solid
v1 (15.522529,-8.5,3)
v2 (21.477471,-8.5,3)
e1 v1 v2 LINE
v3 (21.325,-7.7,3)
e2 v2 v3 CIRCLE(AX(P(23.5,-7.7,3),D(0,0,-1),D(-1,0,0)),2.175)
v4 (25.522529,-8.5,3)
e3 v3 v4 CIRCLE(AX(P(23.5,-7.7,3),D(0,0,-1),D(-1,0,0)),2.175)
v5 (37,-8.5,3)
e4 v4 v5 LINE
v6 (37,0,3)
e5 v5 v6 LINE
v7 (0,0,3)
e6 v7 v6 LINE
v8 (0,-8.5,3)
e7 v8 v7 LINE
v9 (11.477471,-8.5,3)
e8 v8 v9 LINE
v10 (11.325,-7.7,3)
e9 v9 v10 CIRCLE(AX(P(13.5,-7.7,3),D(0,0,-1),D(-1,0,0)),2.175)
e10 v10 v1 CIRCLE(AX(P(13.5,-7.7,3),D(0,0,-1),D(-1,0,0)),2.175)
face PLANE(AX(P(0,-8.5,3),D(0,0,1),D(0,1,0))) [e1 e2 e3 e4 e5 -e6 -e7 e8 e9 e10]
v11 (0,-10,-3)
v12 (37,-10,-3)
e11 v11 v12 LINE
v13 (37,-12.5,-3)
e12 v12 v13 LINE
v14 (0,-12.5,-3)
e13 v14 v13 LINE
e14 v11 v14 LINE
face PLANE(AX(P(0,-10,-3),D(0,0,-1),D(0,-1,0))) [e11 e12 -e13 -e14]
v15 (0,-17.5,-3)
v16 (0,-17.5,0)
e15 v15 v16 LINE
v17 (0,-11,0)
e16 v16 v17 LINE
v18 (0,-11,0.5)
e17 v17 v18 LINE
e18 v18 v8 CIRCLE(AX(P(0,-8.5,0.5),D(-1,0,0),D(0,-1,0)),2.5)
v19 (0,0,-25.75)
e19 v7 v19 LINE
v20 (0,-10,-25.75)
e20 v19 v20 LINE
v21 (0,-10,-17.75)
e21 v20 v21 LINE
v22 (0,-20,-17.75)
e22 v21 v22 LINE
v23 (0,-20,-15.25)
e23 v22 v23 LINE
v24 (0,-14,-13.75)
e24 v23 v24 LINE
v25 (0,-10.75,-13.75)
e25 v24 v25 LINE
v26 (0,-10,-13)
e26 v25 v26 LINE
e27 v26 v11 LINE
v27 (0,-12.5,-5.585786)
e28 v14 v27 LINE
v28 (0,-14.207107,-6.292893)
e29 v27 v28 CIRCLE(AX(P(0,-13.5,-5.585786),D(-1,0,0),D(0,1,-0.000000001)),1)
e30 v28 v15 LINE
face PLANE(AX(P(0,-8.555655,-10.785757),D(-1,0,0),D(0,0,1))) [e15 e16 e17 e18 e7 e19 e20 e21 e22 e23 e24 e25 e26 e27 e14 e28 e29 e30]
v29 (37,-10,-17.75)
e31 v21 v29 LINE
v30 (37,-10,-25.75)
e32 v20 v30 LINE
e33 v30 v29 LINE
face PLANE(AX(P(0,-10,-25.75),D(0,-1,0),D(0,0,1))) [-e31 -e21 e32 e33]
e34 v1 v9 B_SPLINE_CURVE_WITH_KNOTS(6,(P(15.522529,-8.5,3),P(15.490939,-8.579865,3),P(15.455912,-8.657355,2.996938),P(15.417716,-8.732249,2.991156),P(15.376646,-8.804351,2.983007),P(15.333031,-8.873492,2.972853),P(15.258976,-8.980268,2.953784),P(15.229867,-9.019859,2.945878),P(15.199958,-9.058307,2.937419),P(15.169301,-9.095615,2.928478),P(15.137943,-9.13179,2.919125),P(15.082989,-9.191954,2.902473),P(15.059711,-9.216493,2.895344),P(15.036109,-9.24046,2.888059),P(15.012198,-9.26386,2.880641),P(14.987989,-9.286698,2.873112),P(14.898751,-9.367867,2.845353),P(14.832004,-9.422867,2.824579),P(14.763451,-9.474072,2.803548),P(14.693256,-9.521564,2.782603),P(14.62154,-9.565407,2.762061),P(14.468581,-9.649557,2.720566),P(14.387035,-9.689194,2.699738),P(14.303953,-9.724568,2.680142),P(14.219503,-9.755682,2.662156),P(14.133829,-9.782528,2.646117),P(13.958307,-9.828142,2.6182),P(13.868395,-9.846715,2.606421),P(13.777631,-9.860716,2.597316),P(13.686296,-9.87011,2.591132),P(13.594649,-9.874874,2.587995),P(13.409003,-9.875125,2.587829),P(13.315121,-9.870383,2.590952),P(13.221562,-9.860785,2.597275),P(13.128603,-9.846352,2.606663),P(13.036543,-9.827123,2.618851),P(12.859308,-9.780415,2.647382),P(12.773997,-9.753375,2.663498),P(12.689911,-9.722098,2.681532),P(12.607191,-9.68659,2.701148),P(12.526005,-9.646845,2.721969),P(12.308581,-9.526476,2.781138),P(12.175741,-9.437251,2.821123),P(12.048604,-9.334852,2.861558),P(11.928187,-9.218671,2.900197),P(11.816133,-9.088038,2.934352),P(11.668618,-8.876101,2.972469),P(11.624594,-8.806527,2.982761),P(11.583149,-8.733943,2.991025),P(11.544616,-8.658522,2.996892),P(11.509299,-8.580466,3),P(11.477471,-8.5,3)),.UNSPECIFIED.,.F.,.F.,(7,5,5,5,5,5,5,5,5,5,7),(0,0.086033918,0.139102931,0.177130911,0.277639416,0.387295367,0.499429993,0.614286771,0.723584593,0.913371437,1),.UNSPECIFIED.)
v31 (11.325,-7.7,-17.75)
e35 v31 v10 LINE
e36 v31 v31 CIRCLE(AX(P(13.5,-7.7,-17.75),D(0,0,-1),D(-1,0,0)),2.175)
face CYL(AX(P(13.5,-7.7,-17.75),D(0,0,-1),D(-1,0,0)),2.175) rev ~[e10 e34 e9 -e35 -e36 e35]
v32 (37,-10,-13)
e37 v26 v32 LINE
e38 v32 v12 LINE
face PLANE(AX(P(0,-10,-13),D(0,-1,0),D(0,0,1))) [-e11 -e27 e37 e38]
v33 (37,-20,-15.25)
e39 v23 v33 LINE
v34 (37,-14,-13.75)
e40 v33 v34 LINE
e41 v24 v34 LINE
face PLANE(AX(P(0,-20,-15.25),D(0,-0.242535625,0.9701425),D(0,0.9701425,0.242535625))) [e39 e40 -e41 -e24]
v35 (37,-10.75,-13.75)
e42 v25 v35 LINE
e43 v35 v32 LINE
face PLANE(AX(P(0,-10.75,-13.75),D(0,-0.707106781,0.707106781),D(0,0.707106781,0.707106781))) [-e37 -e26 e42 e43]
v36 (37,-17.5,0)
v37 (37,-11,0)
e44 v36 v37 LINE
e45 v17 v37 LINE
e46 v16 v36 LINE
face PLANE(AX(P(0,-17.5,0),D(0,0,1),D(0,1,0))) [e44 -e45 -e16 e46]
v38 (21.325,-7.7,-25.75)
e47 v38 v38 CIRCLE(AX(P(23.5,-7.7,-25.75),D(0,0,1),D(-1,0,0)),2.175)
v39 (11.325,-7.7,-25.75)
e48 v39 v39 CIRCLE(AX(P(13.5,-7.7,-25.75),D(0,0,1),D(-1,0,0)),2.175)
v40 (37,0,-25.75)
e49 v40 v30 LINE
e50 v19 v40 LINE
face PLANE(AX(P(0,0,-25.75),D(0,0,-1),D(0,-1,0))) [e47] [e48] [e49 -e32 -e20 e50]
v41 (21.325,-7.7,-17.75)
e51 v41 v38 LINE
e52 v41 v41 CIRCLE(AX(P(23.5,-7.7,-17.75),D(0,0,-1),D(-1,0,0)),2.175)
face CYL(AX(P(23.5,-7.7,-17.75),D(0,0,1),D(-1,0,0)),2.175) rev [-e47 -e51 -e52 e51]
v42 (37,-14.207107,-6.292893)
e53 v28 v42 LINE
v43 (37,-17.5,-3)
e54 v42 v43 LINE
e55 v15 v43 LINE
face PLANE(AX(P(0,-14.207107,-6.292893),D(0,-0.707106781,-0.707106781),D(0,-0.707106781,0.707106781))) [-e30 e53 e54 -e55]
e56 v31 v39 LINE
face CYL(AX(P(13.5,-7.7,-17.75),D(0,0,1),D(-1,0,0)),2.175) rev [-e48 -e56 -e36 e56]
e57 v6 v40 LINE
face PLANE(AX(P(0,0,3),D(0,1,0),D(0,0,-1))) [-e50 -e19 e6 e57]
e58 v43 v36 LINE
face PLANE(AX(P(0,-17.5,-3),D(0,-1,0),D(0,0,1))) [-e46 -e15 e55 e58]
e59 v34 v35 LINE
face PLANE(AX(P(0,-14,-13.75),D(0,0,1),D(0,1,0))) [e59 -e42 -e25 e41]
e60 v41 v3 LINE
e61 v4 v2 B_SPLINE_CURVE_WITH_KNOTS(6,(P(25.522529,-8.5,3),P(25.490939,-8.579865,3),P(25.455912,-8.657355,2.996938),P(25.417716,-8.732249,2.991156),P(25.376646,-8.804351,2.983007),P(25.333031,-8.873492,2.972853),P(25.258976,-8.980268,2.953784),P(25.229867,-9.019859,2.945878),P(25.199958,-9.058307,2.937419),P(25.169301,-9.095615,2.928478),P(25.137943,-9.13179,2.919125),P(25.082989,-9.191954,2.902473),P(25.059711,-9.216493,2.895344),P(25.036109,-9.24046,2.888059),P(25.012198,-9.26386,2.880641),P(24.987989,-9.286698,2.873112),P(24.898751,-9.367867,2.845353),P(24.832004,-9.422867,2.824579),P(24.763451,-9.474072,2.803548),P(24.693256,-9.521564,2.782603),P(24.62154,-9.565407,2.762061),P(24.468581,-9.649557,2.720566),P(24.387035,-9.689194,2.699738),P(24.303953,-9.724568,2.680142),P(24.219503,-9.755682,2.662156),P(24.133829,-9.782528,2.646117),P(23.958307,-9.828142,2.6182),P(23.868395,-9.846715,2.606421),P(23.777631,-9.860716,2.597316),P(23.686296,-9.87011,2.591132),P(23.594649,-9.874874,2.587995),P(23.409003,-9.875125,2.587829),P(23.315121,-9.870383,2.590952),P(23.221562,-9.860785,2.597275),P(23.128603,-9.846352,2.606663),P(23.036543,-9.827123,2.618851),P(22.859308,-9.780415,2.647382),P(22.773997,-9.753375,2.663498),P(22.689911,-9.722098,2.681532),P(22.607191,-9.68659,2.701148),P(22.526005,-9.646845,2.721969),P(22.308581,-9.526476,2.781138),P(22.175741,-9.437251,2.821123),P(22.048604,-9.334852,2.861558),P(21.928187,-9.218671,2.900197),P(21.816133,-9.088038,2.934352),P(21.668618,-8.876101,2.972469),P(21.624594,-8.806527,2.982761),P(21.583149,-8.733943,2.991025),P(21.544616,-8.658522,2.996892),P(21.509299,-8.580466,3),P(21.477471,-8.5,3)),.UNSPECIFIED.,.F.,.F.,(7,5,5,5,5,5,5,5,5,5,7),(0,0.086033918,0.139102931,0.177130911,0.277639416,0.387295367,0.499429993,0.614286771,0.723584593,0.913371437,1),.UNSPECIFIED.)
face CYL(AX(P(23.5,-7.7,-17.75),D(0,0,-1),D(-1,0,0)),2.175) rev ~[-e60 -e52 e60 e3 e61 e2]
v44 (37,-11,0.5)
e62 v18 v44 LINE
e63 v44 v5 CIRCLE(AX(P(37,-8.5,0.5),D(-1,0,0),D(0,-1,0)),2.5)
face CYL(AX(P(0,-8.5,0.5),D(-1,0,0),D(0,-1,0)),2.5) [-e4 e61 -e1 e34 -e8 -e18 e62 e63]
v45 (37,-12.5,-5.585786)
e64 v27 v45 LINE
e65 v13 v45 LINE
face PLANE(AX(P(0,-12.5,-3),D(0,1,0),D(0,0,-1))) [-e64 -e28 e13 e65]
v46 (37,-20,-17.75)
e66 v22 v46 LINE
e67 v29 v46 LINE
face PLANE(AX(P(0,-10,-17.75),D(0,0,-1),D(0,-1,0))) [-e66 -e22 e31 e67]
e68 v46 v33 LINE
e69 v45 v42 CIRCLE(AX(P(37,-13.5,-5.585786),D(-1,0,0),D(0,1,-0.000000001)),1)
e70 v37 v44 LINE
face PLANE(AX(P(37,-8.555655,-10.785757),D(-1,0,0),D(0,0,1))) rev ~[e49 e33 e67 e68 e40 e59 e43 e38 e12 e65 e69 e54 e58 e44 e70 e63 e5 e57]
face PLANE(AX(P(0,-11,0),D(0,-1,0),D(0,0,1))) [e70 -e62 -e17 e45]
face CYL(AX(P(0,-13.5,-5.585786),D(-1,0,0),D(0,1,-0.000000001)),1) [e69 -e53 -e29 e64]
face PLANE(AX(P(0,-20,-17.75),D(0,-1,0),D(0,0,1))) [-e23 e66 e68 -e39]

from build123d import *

# Parameters (mm, degrees)
BOSS_EXTRUDE1_DEPTH     = 37
SKETCH3_R               = 2.175
CUT_EXTRUDE1_DEPTH      = 9
CUT_EXTRUDE1_DEPTH_BACK = 21.75


with BuildPart() as part:
    # Sketch2 → Boss-Extrude1 (new body)
    with BuildSketch(Plane(origin=(0, 0, 0), x_dir=(0, 0, -1), z_dir=(1, 0, 0))):
        with BuildLine():
            Line((0, 0), (17.75, 0))
            Line((17.75, 0), (25.75, 0))
            Line((25.75, 0), (25.75, -10))
            Line((25.75, -10), (17.75, -10))
            Line((17.75, -10), (17.75, -20))
            Line((17.75, -20), (15.25, -20))
            Line((15.25, -20), (13.75, -14))
            Line((13.75, -14), (13.75, -10.75))
            Line((13.75, -10.75), (13, -10))
            Line((13, -10), (3, -10))
            Line((3, -10), (3, -12.5))
            Line((3, -12.5), (5.585786438, -12.5))
            ThreePointArc((5.585786438, -12.5), (6.50966597, -13.117316568), (6.292893219, -14.207106781))
            Line((6.292893219, -14.207106781), (3, -17.5))
            Line((3, -17.5), (0, -17.5))
            Line((0, -17.5), (0, -11))
            Line((0, -11), (-0.5, -11))
            ThreePointArc((-0.5, -11), (-2.267766953, -10.267766953), (-3, -8.5))
            Line((-3, -8.5), (-3, 0))
            Line((-3, 0), (0, 0))
        make_face()
    extrude(amount=BOSS_EXTRUDE1_DEPTH)

    # Sketch3 → Cut-Extrude1 (cut, two sides)
    with BuildSketch(Plane(origin=(0, 0, -17.75), x_dir=(-1, 0, 0), z_dir=(0, 0, -1))) as cut_extrude1_sk:
        with Locations((-23.5, -7.7)):
            Circle(SKETCH3_R)
        with Locations((-13.5, -7.7)):
            Circle(SKETCH3_R)
    extrude(amount=CUT_EXTRUDE1_DEPTH, mode=Mode.SUBTRACT)
    extrude(cut_extrude1_sk.sketch, amount=-CUT_EXTRUDE1_DEPTH_BACK, mode=Mode.SUBTRACT)


solid = part.part
